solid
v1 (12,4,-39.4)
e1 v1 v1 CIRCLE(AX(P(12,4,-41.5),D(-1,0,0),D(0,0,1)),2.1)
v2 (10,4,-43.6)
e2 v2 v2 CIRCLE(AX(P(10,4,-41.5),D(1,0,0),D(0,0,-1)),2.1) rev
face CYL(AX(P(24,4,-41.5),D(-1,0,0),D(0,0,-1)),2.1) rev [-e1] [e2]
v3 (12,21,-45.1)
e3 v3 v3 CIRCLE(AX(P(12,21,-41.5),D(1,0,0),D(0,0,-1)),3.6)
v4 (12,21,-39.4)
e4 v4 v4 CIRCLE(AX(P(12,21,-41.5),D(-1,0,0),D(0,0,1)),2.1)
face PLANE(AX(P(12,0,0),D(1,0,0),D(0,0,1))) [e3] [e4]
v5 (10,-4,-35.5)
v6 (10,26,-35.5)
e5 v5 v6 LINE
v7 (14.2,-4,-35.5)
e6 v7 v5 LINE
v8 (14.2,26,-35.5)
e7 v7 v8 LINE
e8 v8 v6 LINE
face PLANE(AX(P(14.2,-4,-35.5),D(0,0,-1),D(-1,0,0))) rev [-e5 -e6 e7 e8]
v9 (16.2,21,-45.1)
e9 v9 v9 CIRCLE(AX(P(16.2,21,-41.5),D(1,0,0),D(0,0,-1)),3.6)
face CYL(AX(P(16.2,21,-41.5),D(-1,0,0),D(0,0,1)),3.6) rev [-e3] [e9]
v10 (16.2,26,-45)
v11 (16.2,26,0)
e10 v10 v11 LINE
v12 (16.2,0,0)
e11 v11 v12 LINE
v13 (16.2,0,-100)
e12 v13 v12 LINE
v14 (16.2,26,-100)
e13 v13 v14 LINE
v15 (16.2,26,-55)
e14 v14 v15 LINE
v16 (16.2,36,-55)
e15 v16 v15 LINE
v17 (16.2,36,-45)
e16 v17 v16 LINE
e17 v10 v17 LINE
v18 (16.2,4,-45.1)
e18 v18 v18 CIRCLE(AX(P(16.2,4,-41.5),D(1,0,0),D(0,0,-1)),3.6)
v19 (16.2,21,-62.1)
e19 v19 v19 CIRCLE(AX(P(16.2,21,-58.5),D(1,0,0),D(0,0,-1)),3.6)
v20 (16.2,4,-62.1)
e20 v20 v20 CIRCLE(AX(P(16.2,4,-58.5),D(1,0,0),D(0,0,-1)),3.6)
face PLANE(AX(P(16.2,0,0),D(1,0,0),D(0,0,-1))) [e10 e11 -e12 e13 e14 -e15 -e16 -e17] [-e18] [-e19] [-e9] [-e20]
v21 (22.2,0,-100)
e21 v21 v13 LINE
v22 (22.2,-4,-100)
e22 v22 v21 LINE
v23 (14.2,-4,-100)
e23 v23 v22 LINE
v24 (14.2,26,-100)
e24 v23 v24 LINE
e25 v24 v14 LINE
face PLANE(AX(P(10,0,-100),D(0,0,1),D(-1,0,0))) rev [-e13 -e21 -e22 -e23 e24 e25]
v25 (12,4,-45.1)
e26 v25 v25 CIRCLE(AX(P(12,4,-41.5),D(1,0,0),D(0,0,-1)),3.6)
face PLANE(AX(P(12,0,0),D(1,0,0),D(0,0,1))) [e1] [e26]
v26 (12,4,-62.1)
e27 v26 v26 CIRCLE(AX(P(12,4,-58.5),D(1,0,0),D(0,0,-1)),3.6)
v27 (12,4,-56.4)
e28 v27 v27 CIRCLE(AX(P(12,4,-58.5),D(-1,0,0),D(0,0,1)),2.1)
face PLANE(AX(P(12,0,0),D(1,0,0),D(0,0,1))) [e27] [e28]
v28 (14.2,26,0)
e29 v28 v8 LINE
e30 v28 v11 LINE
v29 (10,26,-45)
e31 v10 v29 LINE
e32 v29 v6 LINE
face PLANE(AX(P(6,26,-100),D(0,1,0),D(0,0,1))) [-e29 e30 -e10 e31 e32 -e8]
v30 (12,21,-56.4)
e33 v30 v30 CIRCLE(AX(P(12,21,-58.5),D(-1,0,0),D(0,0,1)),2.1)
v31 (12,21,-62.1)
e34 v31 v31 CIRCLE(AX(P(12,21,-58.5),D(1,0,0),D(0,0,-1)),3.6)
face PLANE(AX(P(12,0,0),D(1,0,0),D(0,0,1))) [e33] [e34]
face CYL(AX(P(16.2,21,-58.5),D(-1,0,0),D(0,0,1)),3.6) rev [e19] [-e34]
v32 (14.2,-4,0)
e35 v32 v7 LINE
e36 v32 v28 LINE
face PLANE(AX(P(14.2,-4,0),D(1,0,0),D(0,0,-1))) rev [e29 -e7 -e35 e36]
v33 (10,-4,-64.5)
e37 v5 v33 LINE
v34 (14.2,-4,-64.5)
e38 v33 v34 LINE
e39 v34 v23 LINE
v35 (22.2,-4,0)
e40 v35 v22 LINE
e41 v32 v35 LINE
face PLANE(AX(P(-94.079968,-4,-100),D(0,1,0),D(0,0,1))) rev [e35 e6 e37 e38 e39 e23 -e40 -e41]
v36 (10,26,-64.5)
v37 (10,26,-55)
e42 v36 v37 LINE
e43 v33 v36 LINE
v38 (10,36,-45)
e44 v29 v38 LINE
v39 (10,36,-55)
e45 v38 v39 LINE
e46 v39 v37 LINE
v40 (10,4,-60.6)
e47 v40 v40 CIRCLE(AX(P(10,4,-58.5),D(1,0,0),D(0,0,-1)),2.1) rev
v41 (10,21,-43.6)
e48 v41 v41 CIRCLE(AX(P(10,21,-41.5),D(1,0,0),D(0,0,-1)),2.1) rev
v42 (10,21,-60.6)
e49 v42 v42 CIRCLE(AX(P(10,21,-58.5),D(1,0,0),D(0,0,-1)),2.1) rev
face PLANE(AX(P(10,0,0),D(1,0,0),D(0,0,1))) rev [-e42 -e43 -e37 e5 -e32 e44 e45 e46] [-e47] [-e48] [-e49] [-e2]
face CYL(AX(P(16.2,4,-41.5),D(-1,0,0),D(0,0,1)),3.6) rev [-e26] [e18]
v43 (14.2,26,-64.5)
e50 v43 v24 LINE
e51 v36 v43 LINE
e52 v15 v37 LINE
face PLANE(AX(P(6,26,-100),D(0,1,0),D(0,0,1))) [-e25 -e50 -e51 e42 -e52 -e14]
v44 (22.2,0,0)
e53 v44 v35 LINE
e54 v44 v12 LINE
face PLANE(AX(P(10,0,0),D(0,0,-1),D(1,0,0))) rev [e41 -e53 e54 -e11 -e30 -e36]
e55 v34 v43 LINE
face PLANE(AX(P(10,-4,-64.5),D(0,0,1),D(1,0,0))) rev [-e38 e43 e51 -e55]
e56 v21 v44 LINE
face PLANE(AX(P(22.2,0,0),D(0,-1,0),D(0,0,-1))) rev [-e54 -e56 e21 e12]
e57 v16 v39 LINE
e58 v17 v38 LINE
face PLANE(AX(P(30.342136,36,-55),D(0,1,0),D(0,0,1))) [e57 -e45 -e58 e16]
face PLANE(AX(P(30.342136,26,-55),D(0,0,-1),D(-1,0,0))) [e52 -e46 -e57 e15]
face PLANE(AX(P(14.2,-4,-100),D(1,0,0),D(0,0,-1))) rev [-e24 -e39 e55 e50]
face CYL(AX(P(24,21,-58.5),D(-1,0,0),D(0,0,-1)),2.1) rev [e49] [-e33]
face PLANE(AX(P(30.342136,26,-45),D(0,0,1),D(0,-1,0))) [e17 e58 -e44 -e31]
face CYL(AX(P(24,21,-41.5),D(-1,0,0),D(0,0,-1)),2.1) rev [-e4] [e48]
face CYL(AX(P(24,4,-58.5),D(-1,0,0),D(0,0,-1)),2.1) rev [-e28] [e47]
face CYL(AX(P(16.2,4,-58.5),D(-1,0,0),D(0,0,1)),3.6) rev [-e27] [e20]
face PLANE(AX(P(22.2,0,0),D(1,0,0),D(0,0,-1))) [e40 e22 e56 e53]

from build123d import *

# Parameters (mm, degrees)
SKETCH1_W               = 100
SKETCH1_H               = 26
BOSS_EXTRUDE1_DEPTH     = 2
BOSS_EXTRUDE2_DEPTH     = 100
SKETCH3_W               = 25
SKETCH3_H               = 28
BOSS_EXTRUDE3_DEPTH     = 4
SKETCH4_R               = 2.1
CUT_EXTRUDE1_DEPTH      = 106.39449701
SKETCH5_W               = 120
SKETCH5_H               = 46
SKETCH5_W_2             = 100
SKETCH5_H_2             = 26
CUT_EXTRUDE2_DEPTH      = 105.537074763
CUT_EXTRUDE2_DEPTH_BACK = 105.537074763
SKETCH6_W               = 100
SKETCH6_H               = 26
SKETCH6_R               = 3.6
BOSS_EXTRUDE4_DEPTH     = 4.2
SKETCH8_W               = 100
SKETCH8_H               = 4
BOSS_EXTRUDE5_DEPTH     = 6
SKETCH9_W               = 100
SKETCH9_H               = 4
BOSS_EXTRUDE6_DEPTH     = 10.2
SKETCH10_W              = 4
SKETCH10_H              = 37.5
CUT_EXTRUDE3_DEPTH      = 106.682732743
SKETCH11_W              = 4
SKETCH11_H              = 25
CUT_EXTRUDE4_DEPTH      = 107.737247482
SKETCH13_W              = 10
SKETCH13_H              = 10
BOSS_EXTRUDE7_DEPTH     = 6.2
SKETCH14_W              = 4.2
SKETCH14_H              = 35.5
CUT_EXTRUDE5_DEPTH      = 107.737247482


with BuildPart() as part:
    # Sketch1 → Boss-Extrude1 (new body)
    with BuildSketch(Plane(origin=(0, 0, 0), x_dir=(0, 0, -1), z_dir=(1, 0, 0))):
        with Locations((50, 13)):
            Rectangle(SKETCH1_W, SKETCH1_H)
    extrude(amount=BOSS_EXTRUDE1_DEPTH)

    # Sketch2 → Boss-Extrude2 (add)
    with BuildSketch(Plane.XY):
        Polygon((2, 26), (2, 28), (-12, 28), (-12, 24), (-10, 24), (-10, 26), align=None)
    extrude(amount=-BOSS_EXTRUDE2_DEPTH)

    # Sketch3 → Boss-Extrude3 (add)
    with BuildSketch(Plane(origin=(2, 0, 0), x_dir=(0, 0, -1), z_dir=(1, 0, 0))):
        with Locations((50, 14)):
            Rectangle(SKETCH3_W, SKETCH3_H)
    extrude(amount=BOSS_EXTRUDE3_DEPTH)

    # Sketch4 → Cut-Extrude1 (cut, through all)
    with BuildSketch(Plane(origin=(6, 0, 0), x_dir=(0, 0, -1), z_dir=(1, 0, 0))):
        with Locations((41.5, 21)):
            Circle(SKETCH4_R)
        with Locations((58.5, 21)):
            Circle(SKETCH4_R)
        with Locations((58.5, 4)):
            Circle(SKETCH4_R)
        with Locations((41.5, 4)):
            Circle(SKETCH4_R)
    extrude(amount=-CUT_EXTRUDE1_DEPTH, mode=Mode.SUBTRACT)


with BuildPart() as body_2:
    # Mirror1: mirrored copy
    add(part.part.mirror(Plane(origin=(6, 0, 0), x_dir=(0, 0, 1), z_dir=(1, 0, 0))))

    # Sketch5 → Cut-Extrude2 (cut, two sides)
    with BuildSketch(Plane(origin=(12, 0, 0), x_dir=(0, 0, -1), z_dir=(1, 0, 0))) as cut_extrude2_sk:
        with Locations((50, 13)):
            Rectangle(SKETCH5_W, SKETCH5_H)
        with Locations((50, 13)):
            Rectangle(SKETCH5_W_2, SKETCH5_H_2, mode=Mode.SUBTRACT)
    extrude(amount=CUT_EXTRUDE2_DEPTH, mode=Mode.SUBTRACT)
    extrude(cut_extrude2_sk.sketch, amount=-CUT_EXTRUDE2_DEPTH_BACK, mode=Mode.SUBTRACT)


with BuildPart() as body_2_2:
    # of the pieces the cut leaves, the one that is kept (cut_extrude2_keep)
    add(body_2.part.solids().sort_by_distance((12, 0, 0))[0])

    # Sketch6 → Boss-Extrude4 (add)
    with BuildSketch(Plane(origin=(12, 0, 0), x_dir=(0, 0, -1), z_dir=(1, 0, 0))):
        with Locations((50, 13)):
            Rectangle(SKETCH6_W, SKETCH6_H)
        with Locations((41.5, 21)):
            Circle(SKETCH6_R, mode=Mode.SUBTRACT)
        with Locations((58.5, 21)):
            Circle(SKETCH6_R, mode=Mode.SUBTRACT)
        with Locations((58.5, 4)):
            Circle(SKETCH6_R, mode=Mode.SUBTRACT)
        with Locations((41.5, 4)):
            Circle(SKETCH6_R, mode=Mode.SUBTRACT)
    extrude(amount=BOSS_EXTRUDE4_DEPTH)



with BuildPart() as body_2_3:
    # Sketch8 → Boss-Extrude5 (new body)
    with BuildSketch(Plane(origin=(16.2, 0, 0), x_dir=(0, 0, -1), z_dir=(1, 0, 0))):
        with Locations((50, -2)):
            Rectangle(SKETCH8_W, SKETCH8_H)
    extrude(amount=BOSS_EXTRUDE5_DEPTH)


with BuildPart() as body_2_2_1:
    add(body_2_2.part)

    add(body_2_3.part)  # Boss-Extrude6 merges body 2 3
    # Sketch9 → Boss-Extrude6 (add)
    with BuildSketch(Plane.ZY.offset(-16.2)):
        with Locations((-50, -2)):
            Rectangle(SKETCH9_W, SKETCH9_H)
    extrude(amount=BOSS_EXTRUDE6_DEPTH)

    # Sketch10 → Cut-Extrude3 (cut, through all)
    with BuildSketch(Plane(origin=(0, 0, 0), x_dir=(1, 0, 0), z_dir=(0, 1, 0))):
        with Locations((8, 81.25)):
            Rectangle(SKETCH10_W, SKETCH10_H)
        with Locations((8, 18.75)):
            Rectangle(SKETCH10_W, SKETCH10_H)
    extrude(amount=-CUT_EXTRUDE3_DEPTH, mode=Mode.SUBTRACT)

    # Sketch11 → Cut-Extrude4 (cut, through all)
    with BuildSketch(Plane(origin=(0, 26, 0), x_dir=(1, 0, 0), z_dir=(0, 1, 0))):
        with Locations((8, 50)):
            Rectangle(SKETCH11_W, SKETCH11_H)
    extrude(amount=-CUT_EXTRUDE4_DEPTH, mode=Mode.SUBTRACT)

    # Sketch13 → Boss-Extrude7 (add)
    with BuildSketch(Plane.ZY.offset(-10)):
        with Locations((-50, 31)):
            Rectangle(SKETCH13_W, SKETCH13_H)
    extrude(amount=-BOSS_EXTRUDE7_DEPTH)

    # Sketch14 → Cut-Extrude5 (cut, through all)
    with BuildSketch(Plane(origin=(0, 26, 0), x_dir=(1, 0, 0), z_dir=(0, 1, 0))):
        with Locations((12.1, 17.75)):
            Rectangle(SKETCH14_W, SKETCH14_H)
        with Locations((12.1, 82.25)):
            Rectangle(SKETCH14_W, SKETCH14_H)
    extrude(amount=-CUT_EXTRUDE5_DEPTH, mode=Mode.SUBTRACT)


solid = body_2_2_1.part
